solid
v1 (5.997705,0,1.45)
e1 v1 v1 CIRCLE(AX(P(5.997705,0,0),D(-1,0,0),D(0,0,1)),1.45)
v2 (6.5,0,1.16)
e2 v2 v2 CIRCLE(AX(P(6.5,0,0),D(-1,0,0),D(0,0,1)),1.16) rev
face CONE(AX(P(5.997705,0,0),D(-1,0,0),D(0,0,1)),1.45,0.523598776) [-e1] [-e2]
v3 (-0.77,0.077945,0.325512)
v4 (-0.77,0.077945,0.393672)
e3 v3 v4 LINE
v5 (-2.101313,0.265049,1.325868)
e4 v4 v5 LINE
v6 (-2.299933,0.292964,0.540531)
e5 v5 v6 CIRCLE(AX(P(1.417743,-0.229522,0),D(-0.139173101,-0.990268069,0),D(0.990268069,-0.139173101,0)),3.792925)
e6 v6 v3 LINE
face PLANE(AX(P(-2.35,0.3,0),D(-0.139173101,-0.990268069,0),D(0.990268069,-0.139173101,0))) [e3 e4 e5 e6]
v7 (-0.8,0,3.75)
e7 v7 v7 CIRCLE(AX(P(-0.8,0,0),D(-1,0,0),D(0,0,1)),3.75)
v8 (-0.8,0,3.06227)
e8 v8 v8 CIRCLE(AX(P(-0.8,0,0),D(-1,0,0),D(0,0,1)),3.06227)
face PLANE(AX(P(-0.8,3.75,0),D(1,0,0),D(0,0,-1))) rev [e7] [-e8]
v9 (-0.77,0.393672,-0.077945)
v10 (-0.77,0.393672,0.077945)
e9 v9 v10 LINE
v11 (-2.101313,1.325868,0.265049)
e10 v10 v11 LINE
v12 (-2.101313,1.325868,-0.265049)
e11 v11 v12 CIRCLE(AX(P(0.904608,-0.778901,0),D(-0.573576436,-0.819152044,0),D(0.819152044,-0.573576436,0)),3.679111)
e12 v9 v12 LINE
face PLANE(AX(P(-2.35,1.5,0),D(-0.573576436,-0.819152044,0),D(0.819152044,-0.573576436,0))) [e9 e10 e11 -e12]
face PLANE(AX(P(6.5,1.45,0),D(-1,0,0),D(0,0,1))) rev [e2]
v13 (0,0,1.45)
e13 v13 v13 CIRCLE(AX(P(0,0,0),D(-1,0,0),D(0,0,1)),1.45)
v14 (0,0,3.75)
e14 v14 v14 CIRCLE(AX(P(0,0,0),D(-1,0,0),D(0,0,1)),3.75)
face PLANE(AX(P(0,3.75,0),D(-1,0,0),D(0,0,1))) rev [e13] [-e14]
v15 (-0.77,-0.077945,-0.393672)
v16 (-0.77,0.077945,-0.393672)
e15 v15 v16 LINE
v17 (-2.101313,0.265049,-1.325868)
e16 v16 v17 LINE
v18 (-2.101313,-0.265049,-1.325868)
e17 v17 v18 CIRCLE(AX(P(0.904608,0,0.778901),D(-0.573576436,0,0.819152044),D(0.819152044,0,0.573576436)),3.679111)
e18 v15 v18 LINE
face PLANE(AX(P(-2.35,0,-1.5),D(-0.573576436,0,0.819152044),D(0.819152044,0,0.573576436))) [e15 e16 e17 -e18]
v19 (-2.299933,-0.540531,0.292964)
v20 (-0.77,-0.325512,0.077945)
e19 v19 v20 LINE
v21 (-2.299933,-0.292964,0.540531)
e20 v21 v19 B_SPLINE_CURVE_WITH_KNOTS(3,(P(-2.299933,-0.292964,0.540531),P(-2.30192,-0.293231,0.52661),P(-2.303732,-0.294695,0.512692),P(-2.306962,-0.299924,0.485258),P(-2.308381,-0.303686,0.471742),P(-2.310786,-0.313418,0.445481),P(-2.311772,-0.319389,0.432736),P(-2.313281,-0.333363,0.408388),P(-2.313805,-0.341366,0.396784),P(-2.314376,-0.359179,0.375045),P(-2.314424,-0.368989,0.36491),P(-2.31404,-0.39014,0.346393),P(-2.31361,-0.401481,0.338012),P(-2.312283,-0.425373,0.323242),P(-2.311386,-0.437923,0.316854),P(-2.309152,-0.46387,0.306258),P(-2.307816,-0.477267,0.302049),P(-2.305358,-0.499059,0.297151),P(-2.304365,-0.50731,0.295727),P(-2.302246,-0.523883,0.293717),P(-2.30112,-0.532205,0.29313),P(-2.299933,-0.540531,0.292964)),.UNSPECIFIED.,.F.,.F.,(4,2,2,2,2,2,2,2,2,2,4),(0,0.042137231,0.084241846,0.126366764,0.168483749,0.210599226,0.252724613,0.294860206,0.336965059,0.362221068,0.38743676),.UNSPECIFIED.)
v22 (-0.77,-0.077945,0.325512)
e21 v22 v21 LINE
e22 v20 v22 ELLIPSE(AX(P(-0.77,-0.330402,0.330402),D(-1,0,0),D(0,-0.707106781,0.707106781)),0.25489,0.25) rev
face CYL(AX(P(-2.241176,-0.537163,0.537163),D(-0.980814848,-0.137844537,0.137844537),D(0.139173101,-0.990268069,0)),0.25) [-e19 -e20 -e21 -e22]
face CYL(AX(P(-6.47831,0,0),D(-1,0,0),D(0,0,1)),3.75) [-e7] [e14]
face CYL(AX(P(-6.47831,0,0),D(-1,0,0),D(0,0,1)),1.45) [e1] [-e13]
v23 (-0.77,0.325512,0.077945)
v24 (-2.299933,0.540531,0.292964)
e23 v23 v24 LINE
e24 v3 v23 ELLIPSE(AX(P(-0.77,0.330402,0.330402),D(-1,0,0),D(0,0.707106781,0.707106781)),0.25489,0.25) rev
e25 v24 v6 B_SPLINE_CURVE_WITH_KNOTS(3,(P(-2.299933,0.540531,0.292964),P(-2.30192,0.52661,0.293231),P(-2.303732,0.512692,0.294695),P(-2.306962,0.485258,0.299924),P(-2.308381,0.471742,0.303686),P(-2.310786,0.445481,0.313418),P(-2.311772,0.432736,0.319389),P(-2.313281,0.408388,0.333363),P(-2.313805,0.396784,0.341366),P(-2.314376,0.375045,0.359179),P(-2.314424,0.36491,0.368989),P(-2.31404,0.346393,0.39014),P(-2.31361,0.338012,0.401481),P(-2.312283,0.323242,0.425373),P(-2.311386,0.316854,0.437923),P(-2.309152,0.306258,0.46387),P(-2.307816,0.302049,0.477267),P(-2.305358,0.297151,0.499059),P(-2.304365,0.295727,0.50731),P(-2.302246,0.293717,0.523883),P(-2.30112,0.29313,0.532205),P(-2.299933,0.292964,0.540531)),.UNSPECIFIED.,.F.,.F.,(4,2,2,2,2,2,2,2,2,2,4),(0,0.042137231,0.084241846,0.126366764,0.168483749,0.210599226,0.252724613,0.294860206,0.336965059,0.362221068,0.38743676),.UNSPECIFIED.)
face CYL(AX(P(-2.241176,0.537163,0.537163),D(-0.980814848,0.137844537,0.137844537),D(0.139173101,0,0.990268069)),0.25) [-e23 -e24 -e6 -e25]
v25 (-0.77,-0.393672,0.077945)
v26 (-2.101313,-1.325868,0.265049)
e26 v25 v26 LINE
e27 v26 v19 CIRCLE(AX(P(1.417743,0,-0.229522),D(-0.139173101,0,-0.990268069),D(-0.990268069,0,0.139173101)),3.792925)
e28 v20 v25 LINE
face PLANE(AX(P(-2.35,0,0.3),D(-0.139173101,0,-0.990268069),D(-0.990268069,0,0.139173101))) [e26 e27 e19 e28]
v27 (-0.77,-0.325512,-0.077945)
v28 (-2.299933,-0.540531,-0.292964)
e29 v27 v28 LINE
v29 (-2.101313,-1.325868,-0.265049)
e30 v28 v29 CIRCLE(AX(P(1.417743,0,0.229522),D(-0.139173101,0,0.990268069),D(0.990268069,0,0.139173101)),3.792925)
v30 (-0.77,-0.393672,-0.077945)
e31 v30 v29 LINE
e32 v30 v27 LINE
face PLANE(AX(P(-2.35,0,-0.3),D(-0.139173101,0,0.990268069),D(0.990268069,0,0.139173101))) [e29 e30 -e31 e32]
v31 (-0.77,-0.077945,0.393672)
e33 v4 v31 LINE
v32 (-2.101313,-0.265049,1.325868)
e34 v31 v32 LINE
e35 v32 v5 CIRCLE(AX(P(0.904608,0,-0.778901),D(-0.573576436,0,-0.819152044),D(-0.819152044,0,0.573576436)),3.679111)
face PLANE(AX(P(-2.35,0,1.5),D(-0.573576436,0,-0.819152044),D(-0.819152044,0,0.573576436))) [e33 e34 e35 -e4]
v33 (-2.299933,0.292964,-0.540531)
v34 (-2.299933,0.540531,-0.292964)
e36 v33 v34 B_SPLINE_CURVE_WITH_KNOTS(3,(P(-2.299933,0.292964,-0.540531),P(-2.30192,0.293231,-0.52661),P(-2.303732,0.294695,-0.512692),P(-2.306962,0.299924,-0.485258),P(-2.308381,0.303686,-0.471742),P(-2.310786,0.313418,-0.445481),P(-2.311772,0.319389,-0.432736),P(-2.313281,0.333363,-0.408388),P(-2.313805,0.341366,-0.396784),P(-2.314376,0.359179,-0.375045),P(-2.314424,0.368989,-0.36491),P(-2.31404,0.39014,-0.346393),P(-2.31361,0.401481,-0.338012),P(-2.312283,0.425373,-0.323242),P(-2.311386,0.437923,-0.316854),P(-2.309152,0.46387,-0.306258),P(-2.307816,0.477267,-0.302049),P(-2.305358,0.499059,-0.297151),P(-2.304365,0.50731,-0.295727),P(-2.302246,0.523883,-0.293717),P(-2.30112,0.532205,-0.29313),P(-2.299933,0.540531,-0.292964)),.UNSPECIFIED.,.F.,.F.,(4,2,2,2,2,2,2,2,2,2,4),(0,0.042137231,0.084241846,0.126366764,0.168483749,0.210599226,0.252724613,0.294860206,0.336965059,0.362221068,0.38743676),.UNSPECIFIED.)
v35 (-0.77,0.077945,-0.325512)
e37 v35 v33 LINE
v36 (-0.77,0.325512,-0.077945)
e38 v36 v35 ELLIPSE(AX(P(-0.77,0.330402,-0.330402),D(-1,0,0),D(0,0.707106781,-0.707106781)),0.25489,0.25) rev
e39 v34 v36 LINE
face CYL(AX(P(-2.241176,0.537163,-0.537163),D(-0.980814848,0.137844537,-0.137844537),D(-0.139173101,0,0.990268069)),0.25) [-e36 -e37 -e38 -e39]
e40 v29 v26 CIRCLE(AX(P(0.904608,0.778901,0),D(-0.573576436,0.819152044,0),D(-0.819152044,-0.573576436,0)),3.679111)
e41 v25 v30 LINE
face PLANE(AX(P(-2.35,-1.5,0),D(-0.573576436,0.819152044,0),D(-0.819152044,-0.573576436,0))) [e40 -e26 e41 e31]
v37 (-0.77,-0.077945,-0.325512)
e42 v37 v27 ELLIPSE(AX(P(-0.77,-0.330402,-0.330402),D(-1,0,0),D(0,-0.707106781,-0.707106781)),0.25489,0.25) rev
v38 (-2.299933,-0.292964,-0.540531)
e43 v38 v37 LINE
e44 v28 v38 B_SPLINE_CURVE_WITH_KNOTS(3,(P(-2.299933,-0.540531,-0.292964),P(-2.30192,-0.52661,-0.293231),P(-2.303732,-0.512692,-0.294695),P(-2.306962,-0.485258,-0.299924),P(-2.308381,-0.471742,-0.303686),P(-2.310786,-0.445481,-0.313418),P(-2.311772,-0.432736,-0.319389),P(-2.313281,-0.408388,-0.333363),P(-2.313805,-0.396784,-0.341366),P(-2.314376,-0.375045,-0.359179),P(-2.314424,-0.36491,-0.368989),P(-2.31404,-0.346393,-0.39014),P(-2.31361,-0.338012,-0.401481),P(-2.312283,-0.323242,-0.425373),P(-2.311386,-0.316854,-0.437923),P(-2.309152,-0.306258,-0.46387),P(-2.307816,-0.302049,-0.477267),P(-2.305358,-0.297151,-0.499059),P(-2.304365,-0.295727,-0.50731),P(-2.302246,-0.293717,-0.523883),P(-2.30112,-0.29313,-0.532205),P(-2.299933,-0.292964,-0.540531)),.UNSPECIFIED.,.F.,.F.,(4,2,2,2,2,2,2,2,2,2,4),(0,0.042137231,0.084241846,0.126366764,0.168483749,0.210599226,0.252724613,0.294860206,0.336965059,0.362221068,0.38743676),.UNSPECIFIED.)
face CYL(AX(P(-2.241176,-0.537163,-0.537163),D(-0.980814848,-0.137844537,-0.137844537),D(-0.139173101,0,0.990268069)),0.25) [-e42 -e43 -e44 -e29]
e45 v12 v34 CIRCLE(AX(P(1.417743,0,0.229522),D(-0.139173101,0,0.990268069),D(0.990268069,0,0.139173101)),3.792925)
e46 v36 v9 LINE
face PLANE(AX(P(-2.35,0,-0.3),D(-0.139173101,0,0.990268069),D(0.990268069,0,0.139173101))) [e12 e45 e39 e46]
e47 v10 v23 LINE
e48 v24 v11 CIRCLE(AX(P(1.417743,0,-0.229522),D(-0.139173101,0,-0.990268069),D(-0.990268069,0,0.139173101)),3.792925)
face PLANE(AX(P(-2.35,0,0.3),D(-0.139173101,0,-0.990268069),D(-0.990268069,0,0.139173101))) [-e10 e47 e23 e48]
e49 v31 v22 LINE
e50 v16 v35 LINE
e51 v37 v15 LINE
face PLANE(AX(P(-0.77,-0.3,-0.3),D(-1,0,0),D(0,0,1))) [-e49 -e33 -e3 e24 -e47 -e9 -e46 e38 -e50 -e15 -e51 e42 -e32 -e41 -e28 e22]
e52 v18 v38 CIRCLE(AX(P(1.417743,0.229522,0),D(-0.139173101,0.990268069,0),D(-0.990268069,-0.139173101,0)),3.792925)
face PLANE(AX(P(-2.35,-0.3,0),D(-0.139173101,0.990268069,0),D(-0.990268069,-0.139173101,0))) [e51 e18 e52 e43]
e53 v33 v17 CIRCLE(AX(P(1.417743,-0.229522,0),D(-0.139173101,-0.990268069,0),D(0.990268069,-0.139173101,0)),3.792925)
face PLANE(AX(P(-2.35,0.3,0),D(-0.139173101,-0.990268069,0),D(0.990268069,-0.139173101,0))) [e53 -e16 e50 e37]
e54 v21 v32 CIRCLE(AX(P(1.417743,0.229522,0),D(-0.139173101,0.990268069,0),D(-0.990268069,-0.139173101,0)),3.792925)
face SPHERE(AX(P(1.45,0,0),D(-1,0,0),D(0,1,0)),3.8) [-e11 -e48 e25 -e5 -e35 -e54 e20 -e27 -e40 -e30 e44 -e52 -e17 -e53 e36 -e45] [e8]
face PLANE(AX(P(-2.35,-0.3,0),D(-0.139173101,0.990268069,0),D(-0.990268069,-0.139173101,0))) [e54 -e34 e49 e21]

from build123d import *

# Parameters (mm, degrees)
CHAMFER1_SIZE      = 0.29
CHAMFER1_SIZE2     = 0.502294734
CUT_EXTRUDE1_DEPTH = 1.58
DRAFT1_ANGLE       = -35
DRAFT2_ANGLE       = -8
FILLET1_R          = 0.25


with BuildPart() as part:
    # Sketch1 → Revolve1 (revolve)
    with BuildSketch(Plane.XY, mode=Mode.PRIVATE) as revolve1_sk:
        with BuildLine():
            Line((0, 3.75), (0, 1.45))
            Line((0, 1.45), (6.5, 1.45))
            Line((6.5, 1.45), (6.5, 0))
            Line((6.5, 0), (-2.35, 0))
            ThreePointArc((-2.35, 0), (-1.940427702, 1.71610023), (-0.8, 3.0622704))
            Line((-0.8, 3.0622704), (-0.8, 3.75))
            Line((-0.8, 3.75), (0, 3.75))
        make_face()
    revolve(revolve1_sk.sketch.rotate(Axis((-6.478309986, 0, 0), (1, 0, 0)), 90), axis=Axis((-6.478309986, 0, 0), (1, 0, 0)))

    # Chamfer1
    chamfer1_edges = [part.edges().sort_by_distance(p)[0] for p in [
        (6.5, 0, -1.45),
    ]]
    chamfer1_side = [part.faces().sort_by_distance(p)[0] for p in [
        (6.5, 0, 0),
    ]]
    chamfer(chamfer1_edges, length=CHAMFER1_SIZE, length2=CHAMFER1_SIZE2, reference=chamfer1_side[0])

    # Sketch4 → Cut-Extrude1 (cut)
    with BuildSketch(Plane(origin=(-2.35, 0, 0), x_dir=(0, 0, -1), z_dir=(1, 0, 0))):
        Polygon((0.3, 1.5), (-0.3, 1.5), (-0.3, 0.3), (-1.5, 0.3), (-1.5, -0.3), (-0.3, -0.3), (-0.3, -1.5), (0.3, -1.5), (0.3, -0.3), (1.5, -0.3), (1.5, 0.3), (0.3, 0.3), align=None)
    extrude(amount=CUT_EXTRUDE1_DEPTH, mode=Mode.SUBTRACT)

    # Draft1
    draft1_faces = [part.faces().sort_by_distance(p)[0] for p in [
        (-1.403564361, 0, -1.5),
        (-1.403564361, -1.5, 0),
        (-1.403564361, 0, 1.5),
        (-1.403564361, 1.5, 0),
    ]]
    draft(draft1_faces, Plane.YZ.offset(-2.35), DRAFT1_ANGLE)

    # Draft2
    draft2_faces = [part.faces().sort_by_distance(p)[0] for p in [
        (-1.709589538, 0.648659775, -0.3),
        (-1.709589538, 0.3, -0.648659775),
        (-1.709589538, -0.3, -0.648659775),
        (-1.709589538, -0.648659775, -0.3),
        (-1.709589538, -0.648659775, 0.3),
        (-1.709589538, -0.3, 0.648659775),
        (-1.709589538, 0.3, 0.648659775),
        (-1.709589538, 0.648659775, 0.3),
    ]]
    draft(draft2_faces, Plane.YZ.offset(-2.35), DRAFT2_ANGLE)

    # Fillet1
    fillet1_edges = [part.edges().sort_by_distance(p)[0] for p in [
        (-1.548378832, 0.187339492, -0.187339492),
        (-1.548378832, 0.187339492, 0.187339492),
        (-1.548378832, -0.187339492, 0.187339492),
        (-1.548378832, -0.187339492, -0.187339492),
    ]]
    fillet(fillet1_edges, radius=FILLET1_R)


solid = part.part
